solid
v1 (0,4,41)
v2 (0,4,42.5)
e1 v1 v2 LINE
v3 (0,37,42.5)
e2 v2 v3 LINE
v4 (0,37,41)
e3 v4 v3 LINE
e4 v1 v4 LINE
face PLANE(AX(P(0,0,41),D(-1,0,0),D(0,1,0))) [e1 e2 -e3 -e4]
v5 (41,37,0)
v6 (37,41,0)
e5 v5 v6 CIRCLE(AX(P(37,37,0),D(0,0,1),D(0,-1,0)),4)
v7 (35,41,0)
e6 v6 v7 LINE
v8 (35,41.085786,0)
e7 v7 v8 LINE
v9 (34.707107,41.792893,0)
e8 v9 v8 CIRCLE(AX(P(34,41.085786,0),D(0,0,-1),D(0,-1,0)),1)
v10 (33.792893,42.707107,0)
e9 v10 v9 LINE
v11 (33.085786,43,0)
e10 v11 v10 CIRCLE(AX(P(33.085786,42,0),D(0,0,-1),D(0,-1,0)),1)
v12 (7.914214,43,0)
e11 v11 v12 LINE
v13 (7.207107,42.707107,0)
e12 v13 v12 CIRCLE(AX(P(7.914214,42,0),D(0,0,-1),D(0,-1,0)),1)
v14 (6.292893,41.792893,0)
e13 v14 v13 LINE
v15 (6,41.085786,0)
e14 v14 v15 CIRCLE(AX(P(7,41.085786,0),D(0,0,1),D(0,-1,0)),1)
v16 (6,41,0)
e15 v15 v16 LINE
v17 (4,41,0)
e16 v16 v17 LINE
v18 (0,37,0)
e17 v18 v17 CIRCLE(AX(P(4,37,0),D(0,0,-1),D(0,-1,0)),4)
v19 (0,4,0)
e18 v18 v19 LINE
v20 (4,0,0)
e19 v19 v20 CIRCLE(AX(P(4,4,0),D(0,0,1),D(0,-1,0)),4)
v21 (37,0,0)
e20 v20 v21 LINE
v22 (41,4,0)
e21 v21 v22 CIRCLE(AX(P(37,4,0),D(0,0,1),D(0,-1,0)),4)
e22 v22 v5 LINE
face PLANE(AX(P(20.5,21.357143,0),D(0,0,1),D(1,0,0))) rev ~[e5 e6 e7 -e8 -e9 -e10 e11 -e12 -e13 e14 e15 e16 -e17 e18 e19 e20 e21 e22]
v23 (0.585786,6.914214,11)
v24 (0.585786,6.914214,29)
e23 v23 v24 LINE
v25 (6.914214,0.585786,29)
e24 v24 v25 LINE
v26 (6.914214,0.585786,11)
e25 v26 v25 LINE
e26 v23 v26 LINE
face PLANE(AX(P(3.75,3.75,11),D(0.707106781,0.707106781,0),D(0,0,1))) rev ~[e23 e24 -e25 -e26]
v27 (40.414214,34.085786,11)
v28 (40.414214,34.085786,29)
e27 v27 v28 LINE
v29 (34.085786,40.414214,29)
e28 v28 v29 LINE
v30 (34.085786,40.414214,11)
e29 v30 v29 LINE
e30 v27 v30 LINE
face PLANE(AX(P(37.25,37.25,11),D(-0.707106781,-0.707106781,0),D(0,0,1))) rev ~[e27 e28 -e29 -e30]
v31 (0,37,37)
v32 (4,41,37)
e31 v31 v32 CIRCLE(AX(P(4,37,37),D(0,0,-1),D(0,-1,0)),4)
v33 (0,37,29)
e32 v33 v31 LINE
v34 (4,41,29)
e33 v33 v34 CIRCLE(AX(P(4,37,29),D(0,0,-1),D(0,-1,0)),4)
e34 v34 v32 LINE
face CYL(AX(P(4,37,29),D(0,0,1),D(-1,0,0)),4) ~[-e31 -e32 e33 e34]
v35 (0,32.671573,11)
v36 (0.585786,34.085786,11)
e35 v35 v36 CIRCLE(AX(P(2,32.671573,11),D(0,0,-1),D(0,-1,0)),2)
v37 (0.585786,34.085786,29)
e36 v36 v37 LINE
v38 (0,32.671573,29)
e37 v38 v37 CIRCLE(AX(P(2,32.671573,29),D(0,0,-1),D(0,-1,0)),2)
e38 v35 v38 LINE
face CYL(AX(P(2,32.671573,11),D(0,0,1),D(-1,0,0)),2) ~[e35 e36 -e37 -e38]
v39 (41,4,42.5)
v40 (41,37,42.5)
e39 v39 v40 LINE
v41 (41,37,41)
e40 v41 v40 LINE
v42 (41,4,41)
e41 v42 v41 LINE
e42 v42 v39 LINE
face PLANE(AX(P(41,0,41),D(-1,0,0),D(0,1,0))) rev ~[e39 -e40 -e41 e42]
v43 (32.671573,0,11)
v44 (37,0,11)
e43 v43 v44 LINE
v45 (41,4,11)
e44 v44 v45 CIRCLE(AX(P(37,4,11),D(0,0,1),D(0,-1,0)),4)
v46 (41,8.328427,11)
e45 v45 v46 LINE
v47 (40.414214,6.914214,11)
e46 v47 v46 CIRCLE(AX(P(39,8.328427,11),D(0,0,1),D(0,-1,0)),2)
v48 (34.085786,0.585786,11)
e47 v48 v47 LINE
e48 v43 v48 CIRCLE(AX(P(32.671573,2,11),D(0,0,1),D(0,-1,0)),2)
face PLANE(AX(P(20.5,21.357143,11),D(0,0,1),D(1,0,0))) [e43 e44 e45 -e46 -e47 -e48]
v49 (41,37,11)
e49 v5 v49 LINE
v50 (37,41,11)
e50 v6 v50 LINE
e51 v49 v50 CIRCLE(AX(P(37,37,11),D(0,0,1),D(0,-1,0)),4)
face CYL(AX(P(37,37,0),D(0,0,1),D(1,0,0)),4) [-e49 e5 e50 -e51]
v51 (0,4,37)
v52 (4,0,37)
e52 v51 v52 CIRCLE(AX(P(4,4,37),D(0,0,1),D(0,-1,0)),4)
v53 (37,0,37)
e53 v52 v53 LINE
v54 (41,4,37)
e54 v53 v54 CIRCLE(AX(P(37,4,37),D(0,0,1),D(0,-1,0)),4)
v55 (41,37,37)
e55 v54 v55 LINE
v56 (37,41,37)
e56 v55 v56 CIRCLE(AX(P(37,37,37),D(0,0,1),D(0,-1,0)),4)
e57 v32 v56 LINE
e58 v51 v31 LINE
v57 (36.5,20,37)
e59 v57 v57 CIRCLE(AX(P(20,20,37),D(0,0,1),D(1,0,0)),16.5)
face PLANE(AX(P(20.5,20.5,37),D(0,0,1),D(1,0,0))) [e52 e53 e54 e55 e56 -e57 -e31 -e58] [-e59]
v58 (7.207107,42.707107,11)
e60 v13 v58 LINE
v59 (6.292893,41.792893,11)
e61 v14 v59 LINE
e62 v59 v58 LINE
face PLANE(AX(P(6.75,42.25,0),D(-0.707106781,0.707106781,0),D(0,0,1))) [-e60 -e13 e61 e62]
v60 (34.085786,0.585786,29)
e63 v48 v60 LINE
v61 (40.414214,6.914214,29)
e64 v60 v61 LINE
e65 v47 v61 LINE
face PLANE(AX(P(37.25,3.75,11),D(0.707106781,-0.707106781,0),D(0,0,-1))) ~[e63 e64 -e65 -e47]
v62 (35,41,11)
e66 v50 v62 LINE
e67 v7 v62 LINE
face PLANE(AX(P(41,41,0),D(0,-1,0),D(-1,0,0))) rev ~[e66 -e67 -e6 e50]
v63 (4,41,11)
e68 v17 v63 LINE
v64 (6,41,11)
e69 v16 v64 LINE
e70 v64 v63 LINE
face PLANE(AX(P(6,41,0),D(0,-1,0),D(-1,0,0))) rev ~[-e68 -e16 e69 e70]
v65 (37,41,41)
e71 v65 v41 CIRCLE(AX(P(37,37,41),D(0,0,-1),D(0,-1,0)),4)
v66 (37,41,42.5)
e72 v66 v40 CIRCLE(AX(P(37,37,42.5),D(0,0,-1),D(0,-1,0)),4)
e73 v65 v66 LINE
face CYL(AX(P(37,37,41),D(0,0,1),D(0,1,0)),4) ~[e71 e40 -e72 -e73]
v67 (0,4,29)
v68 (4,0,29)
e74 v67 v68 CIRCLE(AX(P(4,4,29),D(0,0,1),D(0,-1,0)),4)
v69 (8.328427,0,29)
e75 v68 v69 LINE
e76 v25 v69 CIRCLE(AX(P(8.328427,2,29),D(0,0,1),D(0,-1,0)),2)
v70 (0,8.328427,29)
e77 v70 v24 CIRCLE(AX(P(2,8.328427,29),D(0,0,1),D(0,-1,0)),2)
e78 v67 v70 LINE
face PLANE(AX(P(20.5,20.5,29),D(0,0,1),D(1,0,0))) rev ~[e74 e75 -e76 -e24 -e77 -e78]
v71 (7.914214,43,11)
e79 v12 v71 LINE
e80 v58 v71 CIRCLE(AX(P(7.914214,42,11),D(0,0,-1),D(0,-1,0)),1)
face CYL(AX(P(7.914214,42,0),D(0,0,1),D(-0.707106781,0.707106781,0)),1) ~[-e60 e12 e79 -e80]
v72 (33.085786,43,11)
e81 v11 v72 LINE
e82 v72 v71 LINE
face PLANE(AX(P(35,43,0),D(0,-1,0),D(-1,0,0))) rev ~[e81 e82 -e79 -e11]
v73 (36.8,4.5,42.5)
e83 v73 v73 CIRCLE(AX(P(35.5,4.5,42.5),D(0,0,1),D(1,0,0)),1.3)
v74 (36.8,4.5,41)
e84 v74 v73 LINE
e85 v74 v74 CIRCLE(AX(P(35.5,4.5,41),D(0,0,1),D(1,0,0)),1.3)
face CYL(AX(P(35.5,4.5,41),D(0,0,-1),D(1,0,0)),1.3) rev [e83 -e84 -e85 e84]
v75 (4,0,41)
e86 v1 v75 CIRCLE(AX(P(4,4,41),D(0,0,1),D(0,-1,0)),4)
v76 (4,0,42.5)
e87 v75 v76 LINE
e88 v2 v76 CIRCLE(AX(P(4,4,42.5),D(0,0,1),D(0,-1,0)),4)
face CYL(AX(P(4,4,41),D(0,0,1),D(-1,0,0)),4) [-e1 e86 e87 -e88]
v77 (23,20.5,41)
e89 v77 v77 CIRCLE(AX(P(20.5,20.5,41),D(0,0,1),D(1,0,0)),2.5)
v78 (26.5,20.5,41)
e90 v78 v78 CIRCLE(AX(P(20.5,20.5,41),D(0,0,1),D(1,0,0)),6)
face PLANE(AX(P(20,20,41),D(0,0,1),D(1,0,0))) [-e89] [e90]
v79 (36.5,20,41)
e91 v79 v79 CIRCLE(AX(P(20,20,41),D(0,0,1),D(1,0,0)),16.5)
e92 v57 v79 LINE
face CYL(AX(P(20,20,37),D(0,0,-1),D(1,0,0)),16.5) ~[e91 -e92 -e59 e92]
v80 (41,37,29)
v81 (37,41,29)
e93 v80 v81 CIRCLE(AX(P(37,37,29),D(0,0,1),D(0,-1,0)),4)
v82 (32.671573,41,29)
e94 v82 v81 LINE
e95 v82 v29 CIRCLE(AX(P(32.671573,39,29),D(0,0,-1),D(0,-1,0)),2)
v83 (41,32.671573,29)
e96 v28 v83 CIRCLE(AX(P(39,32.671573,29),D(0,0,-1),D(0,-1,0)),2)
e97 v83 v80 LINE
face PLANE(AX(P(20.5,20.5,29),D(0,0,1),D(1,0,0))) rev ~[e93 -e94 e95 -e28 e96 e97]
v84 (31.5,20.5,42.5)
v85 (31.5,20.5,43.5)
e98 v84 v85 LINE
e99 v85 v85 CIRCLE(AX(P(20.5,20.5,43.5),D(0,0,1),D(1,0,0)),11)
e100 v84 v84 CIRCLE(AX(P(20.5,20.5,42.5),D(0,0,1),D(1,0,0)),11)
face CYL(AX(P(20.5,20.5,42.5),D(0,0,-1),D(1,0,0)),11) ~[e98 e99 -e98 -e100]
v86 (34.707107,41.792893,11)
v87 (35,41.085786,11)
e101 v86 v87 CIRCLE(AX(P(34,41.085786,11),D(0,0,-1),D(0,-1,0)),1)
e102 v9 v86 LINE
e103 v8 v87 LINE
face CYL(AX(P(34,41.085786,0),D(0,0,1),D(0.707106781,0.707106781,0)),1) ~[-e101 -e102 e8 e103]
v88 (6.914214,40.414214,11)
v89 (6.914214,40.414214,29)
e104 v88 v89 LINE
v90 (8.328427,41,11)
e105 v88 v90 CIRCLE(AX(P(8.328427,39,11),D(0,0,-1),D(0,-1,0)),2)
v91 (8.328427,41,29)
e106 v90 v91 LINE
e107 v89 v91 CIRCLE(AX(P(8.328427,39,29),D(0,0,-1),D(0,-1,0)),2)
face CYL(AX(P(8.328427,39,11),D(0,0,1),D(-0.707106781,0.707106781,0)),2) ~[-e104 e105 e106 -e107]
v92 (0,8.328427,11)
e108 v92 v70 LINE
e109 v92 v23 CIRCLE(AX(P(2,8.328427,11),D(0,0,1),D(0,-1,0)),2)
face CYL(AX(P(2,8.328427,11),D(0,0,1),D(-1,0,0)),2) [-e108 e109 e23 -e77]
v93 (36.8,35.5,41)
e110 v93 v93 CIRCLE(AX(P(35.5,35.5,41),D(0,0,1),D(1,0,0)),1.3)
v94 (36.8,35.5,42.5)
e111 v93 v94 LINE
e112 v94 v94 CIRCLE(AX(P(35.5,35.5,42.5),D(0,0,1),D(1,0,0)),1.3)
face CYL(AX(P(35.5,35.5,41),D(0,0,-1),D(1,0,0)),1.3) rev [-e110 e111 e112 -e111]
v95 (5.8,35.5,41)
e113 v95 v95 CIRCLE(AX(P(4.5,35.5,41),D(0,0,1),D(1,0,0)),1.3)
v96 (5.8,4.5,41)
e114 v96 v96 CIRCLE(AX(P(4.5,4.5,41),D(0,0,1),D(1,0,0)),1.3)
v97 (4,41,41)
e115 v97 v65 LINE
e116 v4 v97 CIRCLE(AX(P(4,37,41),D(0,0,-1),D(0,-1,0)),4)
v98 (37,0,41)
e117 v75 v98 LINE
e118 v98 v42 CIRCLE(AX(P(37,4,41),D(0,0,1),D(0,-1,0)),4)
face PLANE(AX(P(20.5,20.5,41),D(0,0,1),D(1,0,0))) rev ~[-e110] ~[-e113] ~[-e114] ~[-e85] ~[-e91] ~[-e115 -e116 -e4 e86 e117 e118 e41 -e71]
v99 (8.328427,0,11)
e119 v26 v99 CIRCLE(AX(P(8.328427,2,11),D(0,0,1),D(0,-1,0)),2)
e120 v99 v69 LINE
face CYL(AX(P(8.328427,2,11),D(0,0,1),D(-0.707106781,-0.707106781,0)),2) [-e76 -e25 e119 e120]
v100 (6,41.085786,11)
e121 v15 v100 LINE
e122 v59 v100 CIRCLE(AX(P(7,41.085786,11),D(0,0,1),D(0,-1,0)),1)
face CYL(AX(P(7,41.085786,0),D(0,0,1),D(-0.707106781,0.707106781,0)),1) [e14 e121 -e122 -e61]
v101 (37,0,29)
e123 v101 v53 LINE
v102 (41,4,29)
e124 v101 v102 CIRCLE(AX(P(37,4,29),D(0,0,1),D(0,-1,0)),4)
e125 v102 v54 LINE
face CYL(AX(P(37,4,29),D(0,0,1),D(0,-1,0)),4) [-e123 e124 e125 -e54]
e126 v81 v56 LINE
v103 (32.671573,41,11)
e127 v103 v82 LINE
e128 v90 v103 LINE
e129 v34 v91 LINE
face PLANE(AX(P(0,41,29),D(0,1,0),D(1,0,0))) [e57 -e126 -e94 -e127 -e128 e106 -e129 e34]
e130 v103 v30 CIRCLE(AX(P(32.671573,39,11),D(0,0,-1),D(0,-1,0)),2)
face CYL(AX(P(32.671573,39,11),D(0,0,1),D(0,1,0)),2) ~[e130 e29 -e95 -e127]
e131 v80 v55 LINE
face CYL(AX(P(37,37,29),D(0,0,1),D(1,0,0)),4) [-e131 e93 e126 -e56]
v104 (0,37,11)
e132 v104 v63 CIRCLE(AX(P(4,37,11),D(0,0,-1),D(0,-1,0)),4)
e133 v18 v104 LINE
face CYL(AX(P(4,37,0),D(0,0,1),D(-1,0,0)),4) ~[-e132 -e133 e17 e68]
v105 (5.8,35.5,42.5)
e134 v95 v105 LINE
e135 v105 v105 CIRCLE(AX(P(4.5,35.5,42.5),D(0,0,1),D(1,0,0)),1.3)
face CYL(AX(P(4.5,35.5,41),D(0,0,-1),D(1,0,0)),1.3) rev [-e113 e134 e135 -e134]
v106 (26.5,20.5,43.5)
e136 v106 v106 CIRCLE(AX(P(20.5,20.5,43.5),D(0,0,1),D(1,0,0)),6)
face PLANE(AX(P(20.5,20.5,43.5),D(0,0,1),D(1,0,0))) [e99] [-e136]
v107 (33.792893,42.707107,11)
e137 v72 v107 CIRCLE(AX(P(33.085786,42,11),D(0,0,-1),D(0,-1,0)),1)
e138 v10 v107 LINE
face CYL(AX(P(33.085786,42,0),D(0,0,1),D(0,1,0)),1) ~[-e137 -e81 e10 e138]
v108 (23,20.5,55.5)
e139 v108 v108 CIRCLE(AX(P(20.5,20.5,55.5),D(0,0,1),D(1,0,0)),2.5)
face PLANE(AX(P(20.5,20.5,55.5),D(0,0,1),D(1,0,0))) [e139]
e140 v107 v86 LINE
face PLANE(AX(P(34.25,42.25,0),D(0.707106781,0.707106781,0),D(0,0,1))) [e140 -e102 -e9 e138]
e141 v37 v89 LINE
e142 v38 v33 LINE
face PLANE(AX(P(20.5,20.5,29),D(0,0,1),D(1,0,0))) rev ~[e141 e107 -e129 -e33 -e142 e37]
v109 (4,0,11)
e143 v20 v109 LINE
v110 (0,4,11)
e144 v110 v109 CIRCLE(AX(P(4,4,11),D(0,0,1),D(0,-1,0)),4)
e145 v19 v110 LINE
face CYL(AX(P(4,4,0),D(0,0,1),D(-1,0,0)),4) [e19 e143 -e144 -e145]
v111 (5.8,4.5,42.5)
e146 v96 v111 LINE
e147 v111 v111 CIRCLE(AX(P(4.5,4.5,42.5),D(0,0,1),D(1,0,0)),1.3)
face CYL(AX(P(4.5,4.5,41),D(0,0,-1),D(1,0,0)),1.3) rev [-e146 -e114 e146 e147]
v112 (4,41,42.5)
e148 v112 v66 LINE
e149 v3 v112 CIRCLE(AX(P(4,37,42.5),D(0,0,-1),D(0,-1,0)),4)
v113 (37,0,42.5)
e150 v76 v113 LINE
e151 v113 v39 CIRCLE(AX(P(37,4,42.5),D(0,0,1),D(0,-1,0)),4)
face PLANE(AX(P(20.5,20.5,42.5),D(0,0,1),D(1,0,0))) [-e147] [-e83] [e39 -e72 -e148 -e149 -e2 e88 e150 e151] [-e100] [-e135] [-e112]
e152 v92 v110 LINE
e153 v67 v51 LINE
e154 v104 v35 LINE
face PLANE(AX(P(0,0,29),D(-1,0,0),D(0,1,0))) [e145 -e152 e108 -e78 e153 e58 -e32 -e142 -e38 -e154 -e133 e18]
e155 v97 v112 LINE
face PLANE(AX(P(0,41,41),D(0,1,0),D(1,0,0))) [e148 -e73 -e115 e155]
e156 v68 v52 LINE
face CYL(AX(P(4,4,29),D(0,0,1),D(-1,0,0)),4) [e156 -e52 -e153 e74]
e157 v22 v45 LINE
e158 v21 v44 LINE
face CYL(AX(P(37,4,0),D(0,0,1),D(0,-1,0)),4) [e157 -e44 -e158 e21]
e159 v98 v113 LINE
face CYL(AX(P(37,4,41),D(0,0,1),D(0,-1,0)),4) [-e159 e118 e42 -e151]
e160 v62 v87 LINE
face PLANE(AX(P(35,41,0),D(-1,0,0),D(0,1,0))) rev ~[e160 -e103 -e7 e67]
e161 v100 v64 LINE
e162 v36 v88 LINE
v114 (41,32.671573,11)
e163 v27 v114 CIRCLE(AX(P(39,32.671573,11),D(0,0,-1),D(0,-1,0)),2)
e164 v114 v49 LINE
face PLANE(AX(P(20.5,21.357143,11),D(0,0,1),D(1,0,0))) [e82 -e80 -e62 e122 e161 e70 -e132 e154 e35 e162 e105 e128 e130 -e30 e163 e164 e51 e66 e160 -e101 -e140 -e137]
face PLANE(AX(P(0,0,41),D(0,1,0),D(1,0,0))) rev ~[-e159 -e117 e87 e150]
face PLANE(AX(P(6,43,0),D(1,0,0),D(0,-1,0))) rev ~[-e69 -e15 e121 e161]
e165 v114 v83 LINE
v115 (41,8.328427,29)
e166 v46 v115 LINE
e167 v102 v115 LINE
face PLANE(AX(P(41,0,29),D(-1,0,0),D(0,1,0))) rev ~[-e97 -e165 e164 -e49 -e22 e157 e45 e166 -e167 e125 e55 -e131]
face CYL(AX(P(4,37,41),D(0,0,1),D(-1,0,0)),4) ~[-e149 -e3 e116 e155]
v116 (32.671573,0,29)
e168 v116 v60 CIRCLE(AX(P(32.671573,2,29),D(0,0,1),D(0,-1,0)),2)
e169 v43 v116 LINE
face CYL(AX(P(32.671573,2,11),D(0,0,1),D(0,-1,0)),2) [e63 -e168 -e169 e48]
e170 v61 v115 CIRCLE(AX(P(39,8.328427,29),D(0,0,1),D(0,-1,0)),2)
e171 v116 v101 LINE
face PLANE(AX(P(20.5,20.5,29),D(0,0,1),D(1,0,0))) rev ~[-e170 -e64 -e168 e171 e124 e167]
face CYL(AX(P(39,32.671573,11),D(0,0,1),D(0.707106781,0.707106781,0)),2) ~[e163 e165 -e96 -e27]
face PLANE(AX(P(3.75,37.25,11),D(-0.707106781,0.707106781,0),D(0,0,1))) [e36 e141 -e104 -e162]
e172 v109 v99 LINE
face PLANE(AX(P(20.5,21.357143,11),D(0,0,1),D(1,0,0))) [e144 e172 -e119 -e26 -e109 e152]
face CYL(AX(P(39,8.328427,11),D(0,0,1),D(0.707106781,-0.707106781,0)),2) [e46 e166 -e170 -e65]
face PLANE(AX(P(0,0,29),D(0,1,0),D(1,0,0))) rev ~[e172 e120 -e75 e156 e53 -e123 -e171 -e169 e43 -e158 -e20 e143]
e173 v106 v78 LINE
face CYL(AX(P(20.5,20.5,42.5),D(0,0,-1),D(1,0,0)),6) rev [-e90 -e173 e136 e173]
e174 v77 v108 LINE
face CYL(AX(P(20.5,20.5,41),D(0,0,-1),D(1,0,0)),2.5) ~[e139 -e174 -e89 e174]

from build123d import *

# Parameters (mm, degrees)
SKETCH005_R     = 11
SKETCH005_R_2   = 6
PAD005_DEPTH    = 1
SKETCH006_R     = 2.5
PAD006_DEPTH    = 14.5
SKETCH001_W     = 41
SKETCH001_H     = 41
PAD001_DEPTH    = 18
CHAMFER_SIZE    = 7.5
FILLET_R        = 2
PAD_DEPTH       = 11
FILLET001_R     = 4
CHAMFER001_SIZE = 1.5
FILLET002_R     = 1
FILLET003_R     = 1
SKETCH002_W     = 41
SKETCH002_H     = 41
PAD002_DEPTH    = 8
FILLET004_R     = 4
SKETCH004_W     = 41
SKETCH004_H     = 41
SKETCH004_R     = 1.3
SKETCH004_R_2   = 6
PAD004_DEPTH    = 1.5
FILLET005_R     = 4
SKETCH003_R     = 16.5
PAD003_DEPTH    = 4


with BuildPart() as pad005:
    # Sketch005 → Pad005 (new body)
    with BuildSketch(Plane.XY.offset(42.5)):
        with Locations((20.5, 20.5)):
            Circle(SKETCH005_R)
        with Locations((20.5, 20.5)):
            Circle(SKETCH005_R_2, mode=Mode.SUBTRACT)
    extrude(amount=PAD005_DEPTH)


with BuildPart() as pad006:
    # Sketch006 → Pad006 (new body)
    with BuildSketch(Plane.XY.offset(41)):
        with Locations((20.5, 20.5)):
            Circle(SKETCH006_R)
    extrude(amount=PAD006_DEPTH)


with BuildPart() as fillet_body:
    # Sketch001 → Pad001 (new body)
    with BuildSketch(Plane.XY.offset(11)):
        with Locations((20.5, 20.5)):
            Rectangle(SKETCH001_W, SKETCH001_H)
    extrude(amount=PAD001_DEPTH)

    # Chamfer
    chamfer_edges = [fillet_body.edges().sort_by_distance(p)[0] for p in [
        (0, 41, 20),
        (41, 41, 20),
        (41, 0, 20),
        (0, 0, 20),
    ]]
    chamfer(chamfer_edges, length=CHAMFER_SIZE)

    # Fillet
    fillet_edges = [fillet_body.edges().sort_by_distance(p)[0] for p in [
        (33.5, 0, 20),
        (41, 7.5, 20),
        (7.5, 0, 20),
        (0, 7.5, 20),
        (0, 33.5, 20),
        (7.5, 41, 20),
        (33.5, 41, 20),
        (41, 33.5, 20),
    ]]
    fillet(fillet_edges, radius=FILLET_R)


with BuildPart() as fillet003:
    # Sketch → Pad (new body)
    with BuildSketch(Plane.XY):
        Polygon((0, 41), (0, 0), (41, 0), (41, 41), (35, 41), (35, 43), (6, 43), (6, 41), align=None)
    extrude(amount=PAD_DEPTH)

    # Fillet001
    fillet001_edges = [fillet003.edges().sort_by_distance(p)[0] for p in [
        (0, 0, 5.5),
        (41, 0, 5.5),
        (0, 41, 5.5),
        (41, 41, 5.5),
    ]]
    fillet(fillet001_edges, radius=FILLET001_R)

    # Chamfer001
    chamfer001_edges = [fillet003.edges().sort_by_distance(p)[0] for p in [
        (6, 43, 5.5),
        (35, 43, 5.5),
    ]]
    chamfer(chamfer001_edges, length=CHAMFER001_SIZE)

    # Fillet002
    fillet002_edges = [fillet003.edges().sort_by_distance(p)[0] for p in [
        (33.5, 43, 5.5),
        (7.5, 43, 5.5),
    ]]
    fillet(fillet002_edges, radius=FILLET002_R)

    # Fillet003
    fillet003_edges = [fillet003.edges().sort_by_distance(p)[0] for p in [
        (35, 41.5, 5.5),
        (6, 41.5, 5.5),
    ]]
    fillet(fillet003_edges, radius=FILLET003_R)


with BuildPart() as fillet004:
    # Sketch002 → Pad002 (new body)
    with BuildSketch(Plane.XY.offset(29)):
        with Locations((20.5, 20.5)):
            Rectangle(SKETCH002_W, SKETCH002_H)
    extrude(amount=PAD002_DEPTH)

    # Fillet004
    fillet004_edges = [fillet004.edges().sort_by_distance(p)[0] for p in [
        (0, 41, 33),
        (41, 41, 33),
        (0, 0, 33),
        (41, 0, 33),
    ]]
    fillet(fillet004_edges, radius=FILLET004_R)


with BuildPart() as fillet005:
    # Sketch004 → Pad004 (new body)
    with BuildSketch(Plane.XY.offset(41)):
        with Locations((20.5, 20.5)):
            Rectangle(SKETCH004_W, SKETCH004_H)
        with Locations((4.5, 35.5)):
            Circle(SKETCH004_R, mode=Mode.SUBTRACT)
        with Locations((35.5, 35.5)):
            Circle(SKETCH004_R, mode=Mode.SUBTRACT)
        with Locations((4.5, 4.5)):
            Circle(SKETCH004_R, mode=Mode.SUBTRACT)
        with Locations((35.5, 4.5)):
            Circle(SKETCH004_R, mode=Mode.SUBTRACT)
        with Locations((20.5, 20.5)):
            Circle(SKETCH004_R_2, mode=Mode.SUBTRACT)
    extrude(amount=PAD004_DEPTH)

    # Fillet005
    fillet005_edges = [fillet005.edges().sort_by_distance(p)[0] for p in [
        (41, 0, 41.75),
        (41, 41, 41.75),
        (0, 0, 41.75),
        (0, 41, 41.75),
    ]]
    fillet(fillet005_edges, radius=FILLET005_R)


with BuildPart() as fusion:
    # Sketch003 → Pad003 (new body)
    with BuildSketch(Plane.XY.offset(37)):
        with Locations((20, 20)):
            Circle(SKETCH003_R)
    extrude(amount=PAD003_DEPTH)

    # Fusion: union Pad005, Pad006, Fillet body, Fillet003, Fillet004, Fillet005
    add(pad005.part)
    add(pad006.part)
    add(fillet_body.part)
    add(fillet003.part)
    add(fillet004.part)
    add(fillet005.part)


solid = fusion.part
